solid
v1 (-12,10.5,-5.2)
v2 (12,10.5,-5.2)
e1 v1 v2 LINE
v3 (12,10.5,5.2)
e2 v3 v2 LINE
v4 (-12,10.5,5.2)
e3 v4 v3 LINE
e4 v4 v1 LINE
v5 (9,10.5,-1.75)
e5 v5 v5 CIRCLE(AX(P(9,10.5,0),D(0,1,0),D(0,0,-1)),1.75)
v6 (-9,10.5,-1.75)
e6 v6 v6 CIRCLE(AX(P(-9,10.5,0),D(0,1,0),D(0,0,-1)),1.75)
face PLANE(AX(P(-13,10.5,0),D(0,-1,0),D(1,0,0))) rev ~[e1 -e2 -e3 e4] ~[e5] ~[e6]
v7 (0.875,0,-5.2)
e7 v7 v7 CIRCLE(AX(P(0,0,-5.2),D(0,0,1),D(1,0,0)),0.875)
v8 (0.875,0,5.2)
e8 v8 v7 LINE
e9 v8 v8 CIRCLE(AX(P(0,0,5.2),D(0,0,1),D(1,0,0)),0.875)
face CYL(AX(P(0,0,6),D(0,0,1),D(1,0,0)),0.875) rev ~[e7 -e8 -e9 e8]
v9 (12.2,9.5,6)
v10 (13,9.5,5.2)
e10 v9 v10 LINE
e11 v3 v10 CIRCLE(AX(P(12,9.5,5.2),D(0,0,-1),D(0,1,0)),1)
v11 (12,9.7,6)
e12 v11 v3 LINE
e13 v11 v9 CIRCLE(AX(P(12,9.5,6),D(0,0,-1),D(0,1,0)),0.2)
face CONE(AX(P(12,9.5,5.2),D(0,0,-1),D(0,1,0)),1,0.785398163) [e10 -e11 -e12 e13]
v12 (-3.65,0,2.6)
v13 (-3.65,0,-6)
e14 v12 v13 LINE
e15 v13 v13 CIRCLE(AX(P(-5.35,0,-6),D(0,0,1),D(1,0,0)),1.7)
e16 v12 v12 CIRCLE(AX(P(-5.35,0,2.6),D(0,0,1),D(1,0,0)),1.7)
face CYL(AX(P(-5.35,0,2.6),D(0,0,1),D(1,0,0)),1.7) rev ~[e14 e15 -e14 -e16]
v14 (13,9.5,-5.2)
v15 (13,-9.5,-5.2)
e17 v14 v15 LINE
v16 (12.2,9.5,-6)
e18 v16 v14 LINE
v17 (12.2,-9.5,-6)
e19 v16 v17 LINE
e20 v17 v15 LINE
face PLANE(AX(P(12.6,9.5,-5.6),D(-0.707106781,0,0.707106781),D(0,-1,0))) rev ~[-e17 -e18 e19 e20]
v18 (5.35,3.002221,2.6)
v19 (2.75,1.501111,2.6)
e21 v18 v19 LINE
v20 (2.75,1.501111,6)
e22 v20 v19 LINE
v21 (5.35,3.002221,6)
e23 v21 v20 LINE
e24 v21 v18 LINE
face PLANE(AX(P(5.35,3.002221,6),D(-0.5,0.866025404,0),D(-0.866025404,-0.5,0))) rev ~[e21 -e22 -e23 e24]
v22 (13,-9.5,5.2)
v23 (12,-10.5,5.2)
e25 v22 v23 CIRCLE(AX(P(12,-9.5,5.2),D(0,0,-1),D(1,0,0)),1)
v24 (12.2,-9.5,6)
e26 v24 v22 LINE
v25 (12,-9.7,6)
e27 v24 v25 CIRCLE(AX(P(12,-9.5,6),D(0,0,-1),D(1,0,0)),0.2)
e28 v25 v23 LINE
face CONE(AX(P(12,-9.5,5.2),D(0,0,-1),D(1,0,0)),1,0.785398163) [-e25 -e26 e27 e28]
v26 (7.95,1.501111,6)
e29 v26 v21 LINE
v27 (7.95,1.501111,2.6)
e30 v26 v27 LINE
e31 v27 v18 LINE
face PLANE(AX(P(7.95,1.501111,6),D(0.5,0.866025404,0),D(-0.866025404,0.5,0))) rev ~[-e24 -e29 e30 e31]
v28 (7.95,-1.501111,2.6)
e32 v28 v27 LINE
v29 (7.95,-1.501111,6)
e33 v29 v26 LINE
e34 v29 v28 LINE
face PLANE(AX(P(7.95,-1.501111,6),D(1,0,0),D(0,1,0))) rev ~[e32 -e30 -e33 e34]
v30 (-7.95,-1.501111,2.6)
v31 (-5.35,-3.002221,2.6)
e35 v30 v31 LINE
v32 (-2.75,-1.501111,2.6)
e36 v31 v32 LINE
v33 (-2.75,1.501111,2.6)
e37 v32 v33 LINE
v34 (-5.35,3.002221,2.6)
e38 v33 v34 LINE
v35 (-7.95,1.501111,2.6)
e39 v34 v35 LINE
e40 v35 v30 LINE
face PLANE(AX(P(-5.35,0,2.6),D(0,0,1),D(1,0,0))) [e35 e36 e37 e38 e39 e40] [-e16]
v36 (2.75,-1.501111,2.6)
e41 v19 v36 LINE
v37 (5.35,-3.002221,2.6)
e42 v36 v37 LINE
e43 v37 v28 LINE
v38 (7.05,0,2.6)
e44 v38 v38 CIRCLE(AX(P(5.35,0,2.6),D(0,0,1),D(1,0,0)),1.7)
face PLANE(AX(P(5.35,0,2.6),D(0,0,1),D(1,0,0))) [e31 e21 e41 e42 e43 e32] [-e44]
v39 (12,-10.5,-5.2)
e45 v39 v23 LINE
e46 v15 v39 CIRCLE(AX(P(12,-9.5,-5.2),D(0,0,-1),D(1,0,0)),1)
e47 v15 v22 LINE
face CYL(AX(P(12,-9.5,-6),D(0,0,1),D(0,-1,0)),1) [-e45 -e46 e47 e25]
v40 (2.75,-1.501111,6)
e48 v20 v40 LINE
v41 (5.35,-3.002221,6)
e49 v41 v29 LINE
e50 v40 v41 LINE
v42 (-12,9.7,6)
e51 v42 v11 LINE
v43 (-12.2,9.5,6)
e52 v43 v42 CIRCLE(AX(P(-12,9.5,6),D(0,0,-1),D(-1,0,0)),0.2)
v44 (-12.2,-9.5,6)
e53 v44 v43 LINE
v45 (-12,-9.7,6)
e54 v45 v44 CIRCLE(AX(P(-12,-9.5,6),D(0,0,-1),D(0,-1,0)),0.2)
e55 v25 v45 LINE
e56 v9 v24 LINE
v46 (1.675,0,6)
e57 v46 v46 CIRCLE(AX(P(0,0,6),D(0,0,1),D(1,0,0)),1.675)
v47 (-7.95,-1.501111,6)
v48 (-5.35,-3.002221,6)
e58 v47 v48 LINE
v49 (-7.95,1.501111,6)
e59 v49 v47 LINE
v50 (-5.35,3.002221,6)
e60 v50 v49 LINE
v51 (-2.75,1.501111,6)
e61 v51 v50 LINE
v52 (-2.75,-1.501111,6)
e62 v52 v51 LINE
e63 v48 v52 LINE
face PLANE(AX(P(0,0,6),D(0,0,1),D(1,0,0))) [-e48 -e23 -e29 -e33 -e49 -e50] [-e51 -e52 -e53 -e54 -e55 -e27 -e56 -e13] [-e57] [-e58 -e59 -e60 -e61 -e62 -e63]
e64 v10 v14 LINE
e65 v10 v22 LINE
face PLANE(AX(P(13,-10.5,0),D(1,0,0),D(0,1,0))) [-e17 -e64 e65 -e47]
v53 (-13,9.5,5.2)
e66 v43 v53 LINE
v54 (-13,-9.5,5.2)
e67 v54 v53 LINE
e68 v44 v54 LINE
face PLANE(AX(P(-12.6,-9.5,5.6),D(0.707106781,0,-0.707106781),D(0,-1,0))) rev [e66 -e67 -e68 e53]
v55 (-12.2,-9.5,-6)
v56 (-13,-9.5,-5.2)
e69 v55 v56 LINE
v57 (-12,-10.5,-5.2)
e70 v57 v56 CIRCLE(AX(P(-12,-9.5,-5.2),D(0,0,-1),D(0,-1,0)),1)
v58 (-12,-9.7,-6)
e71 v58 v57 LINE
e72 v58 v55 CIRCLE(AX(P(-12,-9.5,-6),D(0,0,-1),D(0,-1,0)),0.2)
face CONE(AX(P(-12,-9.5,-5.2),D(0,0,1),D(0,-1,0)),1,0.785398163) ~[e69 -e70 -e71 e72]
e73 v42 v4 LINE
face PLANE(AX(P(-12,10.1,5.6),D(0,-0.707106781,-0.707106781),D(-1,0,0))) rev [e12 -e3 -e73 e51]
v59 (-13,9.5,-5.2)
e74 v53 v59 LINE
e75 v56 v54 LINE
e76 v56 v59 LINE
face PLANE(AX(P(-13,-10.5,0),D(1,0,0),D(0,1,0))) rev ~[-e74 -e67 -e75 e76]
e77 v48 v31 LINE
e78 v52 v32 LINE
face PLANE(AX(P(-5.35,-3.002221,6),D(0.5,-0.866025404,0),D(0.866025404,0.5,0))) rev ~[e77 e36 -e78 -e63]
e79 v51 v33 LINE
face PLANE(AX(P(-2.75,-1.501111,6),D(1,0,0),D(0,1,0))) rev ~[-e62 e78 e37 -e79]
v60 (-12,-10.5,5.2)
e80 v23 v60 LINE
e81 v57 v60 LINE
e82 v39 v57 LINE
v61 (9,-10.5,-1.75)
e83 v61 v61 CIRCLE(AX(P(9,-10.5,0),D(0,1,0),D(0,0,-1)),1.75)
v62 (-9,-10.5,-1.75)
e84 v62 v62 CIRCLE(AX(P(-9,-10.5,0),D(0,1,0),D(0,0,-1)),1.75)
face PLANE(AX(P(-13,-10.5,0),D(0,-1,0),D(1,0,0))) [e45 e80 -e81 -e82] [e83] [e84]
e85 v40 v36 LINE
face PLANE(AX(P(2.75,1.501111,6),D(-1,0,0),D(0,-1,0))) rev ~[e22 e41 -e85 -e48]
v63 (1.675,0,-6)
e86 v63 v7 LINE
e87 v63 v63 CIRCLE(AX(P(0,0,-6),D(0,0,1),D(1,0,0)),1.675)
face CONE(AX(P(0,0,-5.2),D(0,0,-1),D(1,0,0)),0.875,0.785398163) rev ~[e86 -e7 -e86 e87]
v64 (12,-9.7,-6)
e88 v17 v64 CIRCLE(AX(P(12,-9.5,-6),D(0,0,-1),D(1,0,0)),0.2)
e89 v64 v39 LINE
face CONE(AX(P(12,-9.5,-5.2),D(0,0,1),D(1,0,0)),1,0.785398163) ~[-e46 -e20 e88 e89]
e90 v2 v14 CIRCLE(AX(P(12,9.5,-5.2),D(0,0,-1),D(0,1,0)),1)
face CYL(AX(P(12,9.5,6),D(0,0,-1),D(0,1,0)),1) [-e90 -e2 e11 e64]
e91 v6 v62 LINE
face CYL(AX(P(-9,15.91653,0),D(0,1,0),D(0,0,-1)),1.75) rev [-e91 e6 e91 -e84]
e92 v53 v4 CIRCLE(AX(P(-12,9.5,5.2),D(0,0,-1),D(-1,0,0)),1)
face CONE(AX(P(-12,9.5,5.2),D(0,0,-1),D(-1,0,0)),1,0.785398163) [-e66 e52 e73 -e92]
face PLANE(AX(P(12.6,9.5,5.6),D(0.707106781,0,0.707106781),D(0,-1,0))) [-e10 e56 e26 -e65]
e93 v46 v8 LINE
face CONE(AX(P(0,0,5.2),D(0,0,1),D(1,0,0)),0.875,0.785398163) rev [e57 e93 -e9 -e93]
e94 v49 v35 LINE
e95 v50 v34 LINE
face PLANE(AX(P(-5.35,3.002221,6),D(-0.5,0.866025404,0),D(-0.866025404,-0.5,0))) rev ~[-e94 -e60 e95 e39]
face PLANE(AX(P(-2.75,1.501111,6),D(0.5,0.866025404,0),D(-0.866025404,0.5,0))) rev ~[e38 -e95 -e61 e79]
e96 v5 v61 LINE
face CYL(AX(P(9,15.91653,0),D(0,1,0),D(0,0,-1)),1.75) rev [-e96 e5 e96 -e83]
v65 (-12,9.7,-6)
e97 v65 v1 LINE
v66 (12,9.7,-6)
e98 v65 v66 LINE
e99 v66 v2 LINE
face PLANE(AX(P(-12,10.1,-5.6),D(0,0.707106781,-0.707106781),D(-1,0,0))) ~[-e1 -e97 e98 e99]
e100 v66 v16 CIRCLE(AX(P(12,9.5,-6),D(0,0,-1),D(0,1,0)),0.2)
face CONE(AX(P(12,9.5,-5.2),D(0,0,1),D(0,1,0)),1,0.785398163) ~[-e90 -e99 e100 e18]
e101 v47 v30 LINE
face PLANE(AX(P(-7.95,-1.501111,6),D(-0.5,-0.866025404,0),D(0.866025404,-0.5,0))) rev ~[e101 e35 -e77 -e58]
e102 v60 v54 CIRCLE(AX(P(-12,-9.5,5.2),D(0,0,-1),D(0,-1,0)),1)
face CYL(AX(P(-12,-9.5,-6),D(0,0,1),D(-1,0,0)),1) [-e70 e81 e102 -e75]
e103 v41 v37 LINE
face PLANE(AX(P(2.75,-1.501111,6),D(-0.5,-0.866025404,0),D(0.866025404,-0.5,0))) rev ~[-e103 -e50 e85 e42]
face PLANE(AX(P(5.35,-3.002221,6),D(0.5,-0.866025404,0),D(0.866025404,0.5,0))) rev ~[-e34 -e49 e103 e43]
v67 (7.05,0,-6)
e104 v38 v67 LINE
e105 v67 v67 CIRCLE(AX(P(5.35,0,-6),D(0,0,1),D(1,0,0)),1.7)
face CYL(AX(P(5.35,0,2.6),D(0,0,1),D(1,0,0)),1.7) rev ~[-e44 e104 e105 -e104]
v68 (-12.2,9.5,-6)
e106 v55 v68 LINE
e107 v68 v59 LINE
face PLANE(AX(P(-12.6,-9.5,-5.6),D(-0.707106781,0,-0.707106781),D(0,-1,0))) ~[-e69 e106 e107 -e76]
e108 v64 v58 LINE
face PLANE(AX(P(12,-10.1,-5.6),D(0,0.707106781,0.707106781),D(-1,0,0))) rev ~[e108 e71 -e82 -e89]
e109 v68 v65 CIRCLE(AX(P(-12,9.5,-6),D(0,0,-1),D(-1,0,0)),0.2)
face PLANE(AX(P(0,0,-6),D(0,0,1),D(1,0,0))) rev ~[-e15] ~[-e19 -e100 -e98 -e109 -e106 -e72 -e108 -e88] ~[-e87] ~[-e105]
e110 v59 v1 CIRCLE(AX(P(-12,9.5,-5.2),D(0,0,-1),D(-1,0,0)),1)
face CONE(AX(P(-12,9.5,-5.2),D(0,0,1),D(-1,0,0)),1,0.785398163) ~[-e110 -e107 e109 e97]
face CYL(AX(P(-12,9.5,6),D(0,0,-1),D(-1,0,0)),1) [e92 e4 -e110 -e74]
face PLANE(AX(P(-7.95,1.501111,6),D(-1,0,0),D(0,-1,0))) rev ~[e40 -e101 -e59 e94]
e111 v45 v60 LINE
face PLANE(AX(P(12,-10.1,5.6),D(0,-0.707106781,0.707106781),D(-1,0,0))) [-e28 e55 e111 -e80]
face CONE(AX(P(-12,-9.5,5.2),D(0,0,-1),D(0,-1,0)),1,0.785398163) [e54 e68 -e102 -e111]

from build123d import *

# Parameters (mm, degrees)
CROQUIS1_W                 = 26
CROQUIS1_H                 = 21
SALIENTE_EXTRUIR1_DEPTH    = 6
CORTAR_EXTRUIR1_DEPTH      = 26.416530054
CORTAR_EXTRUIR1_DEPTH_BACK = 26.416530054
CROQUIS2_R                 = 1.75
CROQUIS3_R                 = 0.875
CORTAR_EXTRUIR2_DEPTH      = 15
REDONDEO1_R                = 1
CHAFL_N1_SIZE              = 0.8
CHAFL_N2_SIZE              = 0.8
CORTAR_EXTRUIR3_DEPTH      = 3.4
CROQUIS5_R                 = 1.7
CORTAR_EXTRUIR4_DEPTH      = 40


with BuildPart() as part:
    # Croquis1 → Saliente-Extruir1 (new, symmetric)
    with BuildSketch(Plane.XY):
        Rectangle(CROQUIS1_W, CROQUIS1_H)
    extrude(amount=SALIENTE_EXTRUIR1_DEPTH, both=True)

    # Croquis2 → Cortar-Extruir1 (cut, two sides: drawn at the far end of the back side and taken through both)
    with BuildSketch(Plane.XZ.offset(10.5).offset(-CORTAR_EXTRUIR1_DEPTH_BACK)):
        with Locations(Location((-9, 0, 0), (0, 0, 270))):
            Circle(CROQUIS2_R)
        with Locations(Location((9, 0, 0), (0, 0, 270))):
            Circle(CROQUIS2_R)
    extrude(amount=CORTAR_EXTRUIR1_DEPTH + CORTAR_EXTRUIR1_DEPTH_BACK, mode=Mode.SUBTRACT)

    # Croquis3 → Cortar-Extruir2 (cut)
    with BuildSketch(Plane.XY.offset(6)):
        Circle(CROQUIS3_R)
    extrude(amount=-CORTAR_EXTRUIR2_DEPTH, mode=Mode.SUBTRACT)

    # Redondeo1
    redondeo1_edges = [part.edges().sort_by_distance(p)[0] for p in [
        (13, -10.5, 0),
        (-13, -10.5, 0),
        (-13, 10.5, 0),
        (13, 10.5, 0),
    ]]
    fillet(redondeo1_edges, radius=REDONDEO1_R)

    # Chaflán1
    chafl_n1_edges = [part.edges().sort_by_distance(p)[0] for p in [
        (0, 10.5, -6),
        (0, 10.5, 6),
        (13, 0, -6),
        (0, -10.5, -6),
        (-13, 0, -6),
        (-12.707106781, -10.207106781, -6),
        (12.707106781, -10.207106781, -6),
        (-12.707106781, 10.207106781, -6),
        (12.707106781, 10.207106781, -6),
        (13, 0, 6),
        (-13, 0, 6),
        (0, -10.5, 6),
        (-12.707106781, -10.207106781, 6),
        (12.707106781, -10.207106781, 6),
        (-12.707106781, 10.207106781, 6),
        (12.707106781, 10.207106781, 6),
    ]]
    chamfer(chafl_n1_edges, length=CHAFL_N1_SIZE)

    # Chaflán2
    chafl_n2_edges = [part.edges().sort_by_distance(p)[0] for p in [
        (-0.875, 0, -6),
        (-0.875, 0, 6),
    ]]
    chamfer(chafl_n2_edges, length=CHAFL_N2_SIZE)

    # Croquis4 → Cortar-Extruir3 (cut)
    with BuildSketch(Plane.XY.offset(6)):
        Polygon((-5.35, 3.0022214), (-7.95, 1.5011107), (-7.95, -1.5011107), (-5.35, -3.0022214), (-2.75, -1.5011107), (-2.75, 1.5011107), align=None)
        Polygon((5.35, 3.0022214), (2.75, 1.5011107), (2.75, -1.5011107), (5.35, -3.0022214), (7.95, -1.5011107), (7.95, 1.5011107), align=None)
    extrude(amount=-CORTAR_EXTRUIR3_DEPTH, mode=Mode.SUBTRACT)

    # Croquis5 → Cortar-Extruir4 (cut)
    with BuildSketch(Plane.XY.offset(2.6)):
        with Locations((5.35, 0)):
            Circle(CROQUIS5_R)
        with Locations((-5.35, 0)):
            Circle(CROQUIS5_R)
    extrude(amount=-CORTAR_EXTRUIR4_DEPTH, mode=Mode.SUBTRACT)


solid = part.part
